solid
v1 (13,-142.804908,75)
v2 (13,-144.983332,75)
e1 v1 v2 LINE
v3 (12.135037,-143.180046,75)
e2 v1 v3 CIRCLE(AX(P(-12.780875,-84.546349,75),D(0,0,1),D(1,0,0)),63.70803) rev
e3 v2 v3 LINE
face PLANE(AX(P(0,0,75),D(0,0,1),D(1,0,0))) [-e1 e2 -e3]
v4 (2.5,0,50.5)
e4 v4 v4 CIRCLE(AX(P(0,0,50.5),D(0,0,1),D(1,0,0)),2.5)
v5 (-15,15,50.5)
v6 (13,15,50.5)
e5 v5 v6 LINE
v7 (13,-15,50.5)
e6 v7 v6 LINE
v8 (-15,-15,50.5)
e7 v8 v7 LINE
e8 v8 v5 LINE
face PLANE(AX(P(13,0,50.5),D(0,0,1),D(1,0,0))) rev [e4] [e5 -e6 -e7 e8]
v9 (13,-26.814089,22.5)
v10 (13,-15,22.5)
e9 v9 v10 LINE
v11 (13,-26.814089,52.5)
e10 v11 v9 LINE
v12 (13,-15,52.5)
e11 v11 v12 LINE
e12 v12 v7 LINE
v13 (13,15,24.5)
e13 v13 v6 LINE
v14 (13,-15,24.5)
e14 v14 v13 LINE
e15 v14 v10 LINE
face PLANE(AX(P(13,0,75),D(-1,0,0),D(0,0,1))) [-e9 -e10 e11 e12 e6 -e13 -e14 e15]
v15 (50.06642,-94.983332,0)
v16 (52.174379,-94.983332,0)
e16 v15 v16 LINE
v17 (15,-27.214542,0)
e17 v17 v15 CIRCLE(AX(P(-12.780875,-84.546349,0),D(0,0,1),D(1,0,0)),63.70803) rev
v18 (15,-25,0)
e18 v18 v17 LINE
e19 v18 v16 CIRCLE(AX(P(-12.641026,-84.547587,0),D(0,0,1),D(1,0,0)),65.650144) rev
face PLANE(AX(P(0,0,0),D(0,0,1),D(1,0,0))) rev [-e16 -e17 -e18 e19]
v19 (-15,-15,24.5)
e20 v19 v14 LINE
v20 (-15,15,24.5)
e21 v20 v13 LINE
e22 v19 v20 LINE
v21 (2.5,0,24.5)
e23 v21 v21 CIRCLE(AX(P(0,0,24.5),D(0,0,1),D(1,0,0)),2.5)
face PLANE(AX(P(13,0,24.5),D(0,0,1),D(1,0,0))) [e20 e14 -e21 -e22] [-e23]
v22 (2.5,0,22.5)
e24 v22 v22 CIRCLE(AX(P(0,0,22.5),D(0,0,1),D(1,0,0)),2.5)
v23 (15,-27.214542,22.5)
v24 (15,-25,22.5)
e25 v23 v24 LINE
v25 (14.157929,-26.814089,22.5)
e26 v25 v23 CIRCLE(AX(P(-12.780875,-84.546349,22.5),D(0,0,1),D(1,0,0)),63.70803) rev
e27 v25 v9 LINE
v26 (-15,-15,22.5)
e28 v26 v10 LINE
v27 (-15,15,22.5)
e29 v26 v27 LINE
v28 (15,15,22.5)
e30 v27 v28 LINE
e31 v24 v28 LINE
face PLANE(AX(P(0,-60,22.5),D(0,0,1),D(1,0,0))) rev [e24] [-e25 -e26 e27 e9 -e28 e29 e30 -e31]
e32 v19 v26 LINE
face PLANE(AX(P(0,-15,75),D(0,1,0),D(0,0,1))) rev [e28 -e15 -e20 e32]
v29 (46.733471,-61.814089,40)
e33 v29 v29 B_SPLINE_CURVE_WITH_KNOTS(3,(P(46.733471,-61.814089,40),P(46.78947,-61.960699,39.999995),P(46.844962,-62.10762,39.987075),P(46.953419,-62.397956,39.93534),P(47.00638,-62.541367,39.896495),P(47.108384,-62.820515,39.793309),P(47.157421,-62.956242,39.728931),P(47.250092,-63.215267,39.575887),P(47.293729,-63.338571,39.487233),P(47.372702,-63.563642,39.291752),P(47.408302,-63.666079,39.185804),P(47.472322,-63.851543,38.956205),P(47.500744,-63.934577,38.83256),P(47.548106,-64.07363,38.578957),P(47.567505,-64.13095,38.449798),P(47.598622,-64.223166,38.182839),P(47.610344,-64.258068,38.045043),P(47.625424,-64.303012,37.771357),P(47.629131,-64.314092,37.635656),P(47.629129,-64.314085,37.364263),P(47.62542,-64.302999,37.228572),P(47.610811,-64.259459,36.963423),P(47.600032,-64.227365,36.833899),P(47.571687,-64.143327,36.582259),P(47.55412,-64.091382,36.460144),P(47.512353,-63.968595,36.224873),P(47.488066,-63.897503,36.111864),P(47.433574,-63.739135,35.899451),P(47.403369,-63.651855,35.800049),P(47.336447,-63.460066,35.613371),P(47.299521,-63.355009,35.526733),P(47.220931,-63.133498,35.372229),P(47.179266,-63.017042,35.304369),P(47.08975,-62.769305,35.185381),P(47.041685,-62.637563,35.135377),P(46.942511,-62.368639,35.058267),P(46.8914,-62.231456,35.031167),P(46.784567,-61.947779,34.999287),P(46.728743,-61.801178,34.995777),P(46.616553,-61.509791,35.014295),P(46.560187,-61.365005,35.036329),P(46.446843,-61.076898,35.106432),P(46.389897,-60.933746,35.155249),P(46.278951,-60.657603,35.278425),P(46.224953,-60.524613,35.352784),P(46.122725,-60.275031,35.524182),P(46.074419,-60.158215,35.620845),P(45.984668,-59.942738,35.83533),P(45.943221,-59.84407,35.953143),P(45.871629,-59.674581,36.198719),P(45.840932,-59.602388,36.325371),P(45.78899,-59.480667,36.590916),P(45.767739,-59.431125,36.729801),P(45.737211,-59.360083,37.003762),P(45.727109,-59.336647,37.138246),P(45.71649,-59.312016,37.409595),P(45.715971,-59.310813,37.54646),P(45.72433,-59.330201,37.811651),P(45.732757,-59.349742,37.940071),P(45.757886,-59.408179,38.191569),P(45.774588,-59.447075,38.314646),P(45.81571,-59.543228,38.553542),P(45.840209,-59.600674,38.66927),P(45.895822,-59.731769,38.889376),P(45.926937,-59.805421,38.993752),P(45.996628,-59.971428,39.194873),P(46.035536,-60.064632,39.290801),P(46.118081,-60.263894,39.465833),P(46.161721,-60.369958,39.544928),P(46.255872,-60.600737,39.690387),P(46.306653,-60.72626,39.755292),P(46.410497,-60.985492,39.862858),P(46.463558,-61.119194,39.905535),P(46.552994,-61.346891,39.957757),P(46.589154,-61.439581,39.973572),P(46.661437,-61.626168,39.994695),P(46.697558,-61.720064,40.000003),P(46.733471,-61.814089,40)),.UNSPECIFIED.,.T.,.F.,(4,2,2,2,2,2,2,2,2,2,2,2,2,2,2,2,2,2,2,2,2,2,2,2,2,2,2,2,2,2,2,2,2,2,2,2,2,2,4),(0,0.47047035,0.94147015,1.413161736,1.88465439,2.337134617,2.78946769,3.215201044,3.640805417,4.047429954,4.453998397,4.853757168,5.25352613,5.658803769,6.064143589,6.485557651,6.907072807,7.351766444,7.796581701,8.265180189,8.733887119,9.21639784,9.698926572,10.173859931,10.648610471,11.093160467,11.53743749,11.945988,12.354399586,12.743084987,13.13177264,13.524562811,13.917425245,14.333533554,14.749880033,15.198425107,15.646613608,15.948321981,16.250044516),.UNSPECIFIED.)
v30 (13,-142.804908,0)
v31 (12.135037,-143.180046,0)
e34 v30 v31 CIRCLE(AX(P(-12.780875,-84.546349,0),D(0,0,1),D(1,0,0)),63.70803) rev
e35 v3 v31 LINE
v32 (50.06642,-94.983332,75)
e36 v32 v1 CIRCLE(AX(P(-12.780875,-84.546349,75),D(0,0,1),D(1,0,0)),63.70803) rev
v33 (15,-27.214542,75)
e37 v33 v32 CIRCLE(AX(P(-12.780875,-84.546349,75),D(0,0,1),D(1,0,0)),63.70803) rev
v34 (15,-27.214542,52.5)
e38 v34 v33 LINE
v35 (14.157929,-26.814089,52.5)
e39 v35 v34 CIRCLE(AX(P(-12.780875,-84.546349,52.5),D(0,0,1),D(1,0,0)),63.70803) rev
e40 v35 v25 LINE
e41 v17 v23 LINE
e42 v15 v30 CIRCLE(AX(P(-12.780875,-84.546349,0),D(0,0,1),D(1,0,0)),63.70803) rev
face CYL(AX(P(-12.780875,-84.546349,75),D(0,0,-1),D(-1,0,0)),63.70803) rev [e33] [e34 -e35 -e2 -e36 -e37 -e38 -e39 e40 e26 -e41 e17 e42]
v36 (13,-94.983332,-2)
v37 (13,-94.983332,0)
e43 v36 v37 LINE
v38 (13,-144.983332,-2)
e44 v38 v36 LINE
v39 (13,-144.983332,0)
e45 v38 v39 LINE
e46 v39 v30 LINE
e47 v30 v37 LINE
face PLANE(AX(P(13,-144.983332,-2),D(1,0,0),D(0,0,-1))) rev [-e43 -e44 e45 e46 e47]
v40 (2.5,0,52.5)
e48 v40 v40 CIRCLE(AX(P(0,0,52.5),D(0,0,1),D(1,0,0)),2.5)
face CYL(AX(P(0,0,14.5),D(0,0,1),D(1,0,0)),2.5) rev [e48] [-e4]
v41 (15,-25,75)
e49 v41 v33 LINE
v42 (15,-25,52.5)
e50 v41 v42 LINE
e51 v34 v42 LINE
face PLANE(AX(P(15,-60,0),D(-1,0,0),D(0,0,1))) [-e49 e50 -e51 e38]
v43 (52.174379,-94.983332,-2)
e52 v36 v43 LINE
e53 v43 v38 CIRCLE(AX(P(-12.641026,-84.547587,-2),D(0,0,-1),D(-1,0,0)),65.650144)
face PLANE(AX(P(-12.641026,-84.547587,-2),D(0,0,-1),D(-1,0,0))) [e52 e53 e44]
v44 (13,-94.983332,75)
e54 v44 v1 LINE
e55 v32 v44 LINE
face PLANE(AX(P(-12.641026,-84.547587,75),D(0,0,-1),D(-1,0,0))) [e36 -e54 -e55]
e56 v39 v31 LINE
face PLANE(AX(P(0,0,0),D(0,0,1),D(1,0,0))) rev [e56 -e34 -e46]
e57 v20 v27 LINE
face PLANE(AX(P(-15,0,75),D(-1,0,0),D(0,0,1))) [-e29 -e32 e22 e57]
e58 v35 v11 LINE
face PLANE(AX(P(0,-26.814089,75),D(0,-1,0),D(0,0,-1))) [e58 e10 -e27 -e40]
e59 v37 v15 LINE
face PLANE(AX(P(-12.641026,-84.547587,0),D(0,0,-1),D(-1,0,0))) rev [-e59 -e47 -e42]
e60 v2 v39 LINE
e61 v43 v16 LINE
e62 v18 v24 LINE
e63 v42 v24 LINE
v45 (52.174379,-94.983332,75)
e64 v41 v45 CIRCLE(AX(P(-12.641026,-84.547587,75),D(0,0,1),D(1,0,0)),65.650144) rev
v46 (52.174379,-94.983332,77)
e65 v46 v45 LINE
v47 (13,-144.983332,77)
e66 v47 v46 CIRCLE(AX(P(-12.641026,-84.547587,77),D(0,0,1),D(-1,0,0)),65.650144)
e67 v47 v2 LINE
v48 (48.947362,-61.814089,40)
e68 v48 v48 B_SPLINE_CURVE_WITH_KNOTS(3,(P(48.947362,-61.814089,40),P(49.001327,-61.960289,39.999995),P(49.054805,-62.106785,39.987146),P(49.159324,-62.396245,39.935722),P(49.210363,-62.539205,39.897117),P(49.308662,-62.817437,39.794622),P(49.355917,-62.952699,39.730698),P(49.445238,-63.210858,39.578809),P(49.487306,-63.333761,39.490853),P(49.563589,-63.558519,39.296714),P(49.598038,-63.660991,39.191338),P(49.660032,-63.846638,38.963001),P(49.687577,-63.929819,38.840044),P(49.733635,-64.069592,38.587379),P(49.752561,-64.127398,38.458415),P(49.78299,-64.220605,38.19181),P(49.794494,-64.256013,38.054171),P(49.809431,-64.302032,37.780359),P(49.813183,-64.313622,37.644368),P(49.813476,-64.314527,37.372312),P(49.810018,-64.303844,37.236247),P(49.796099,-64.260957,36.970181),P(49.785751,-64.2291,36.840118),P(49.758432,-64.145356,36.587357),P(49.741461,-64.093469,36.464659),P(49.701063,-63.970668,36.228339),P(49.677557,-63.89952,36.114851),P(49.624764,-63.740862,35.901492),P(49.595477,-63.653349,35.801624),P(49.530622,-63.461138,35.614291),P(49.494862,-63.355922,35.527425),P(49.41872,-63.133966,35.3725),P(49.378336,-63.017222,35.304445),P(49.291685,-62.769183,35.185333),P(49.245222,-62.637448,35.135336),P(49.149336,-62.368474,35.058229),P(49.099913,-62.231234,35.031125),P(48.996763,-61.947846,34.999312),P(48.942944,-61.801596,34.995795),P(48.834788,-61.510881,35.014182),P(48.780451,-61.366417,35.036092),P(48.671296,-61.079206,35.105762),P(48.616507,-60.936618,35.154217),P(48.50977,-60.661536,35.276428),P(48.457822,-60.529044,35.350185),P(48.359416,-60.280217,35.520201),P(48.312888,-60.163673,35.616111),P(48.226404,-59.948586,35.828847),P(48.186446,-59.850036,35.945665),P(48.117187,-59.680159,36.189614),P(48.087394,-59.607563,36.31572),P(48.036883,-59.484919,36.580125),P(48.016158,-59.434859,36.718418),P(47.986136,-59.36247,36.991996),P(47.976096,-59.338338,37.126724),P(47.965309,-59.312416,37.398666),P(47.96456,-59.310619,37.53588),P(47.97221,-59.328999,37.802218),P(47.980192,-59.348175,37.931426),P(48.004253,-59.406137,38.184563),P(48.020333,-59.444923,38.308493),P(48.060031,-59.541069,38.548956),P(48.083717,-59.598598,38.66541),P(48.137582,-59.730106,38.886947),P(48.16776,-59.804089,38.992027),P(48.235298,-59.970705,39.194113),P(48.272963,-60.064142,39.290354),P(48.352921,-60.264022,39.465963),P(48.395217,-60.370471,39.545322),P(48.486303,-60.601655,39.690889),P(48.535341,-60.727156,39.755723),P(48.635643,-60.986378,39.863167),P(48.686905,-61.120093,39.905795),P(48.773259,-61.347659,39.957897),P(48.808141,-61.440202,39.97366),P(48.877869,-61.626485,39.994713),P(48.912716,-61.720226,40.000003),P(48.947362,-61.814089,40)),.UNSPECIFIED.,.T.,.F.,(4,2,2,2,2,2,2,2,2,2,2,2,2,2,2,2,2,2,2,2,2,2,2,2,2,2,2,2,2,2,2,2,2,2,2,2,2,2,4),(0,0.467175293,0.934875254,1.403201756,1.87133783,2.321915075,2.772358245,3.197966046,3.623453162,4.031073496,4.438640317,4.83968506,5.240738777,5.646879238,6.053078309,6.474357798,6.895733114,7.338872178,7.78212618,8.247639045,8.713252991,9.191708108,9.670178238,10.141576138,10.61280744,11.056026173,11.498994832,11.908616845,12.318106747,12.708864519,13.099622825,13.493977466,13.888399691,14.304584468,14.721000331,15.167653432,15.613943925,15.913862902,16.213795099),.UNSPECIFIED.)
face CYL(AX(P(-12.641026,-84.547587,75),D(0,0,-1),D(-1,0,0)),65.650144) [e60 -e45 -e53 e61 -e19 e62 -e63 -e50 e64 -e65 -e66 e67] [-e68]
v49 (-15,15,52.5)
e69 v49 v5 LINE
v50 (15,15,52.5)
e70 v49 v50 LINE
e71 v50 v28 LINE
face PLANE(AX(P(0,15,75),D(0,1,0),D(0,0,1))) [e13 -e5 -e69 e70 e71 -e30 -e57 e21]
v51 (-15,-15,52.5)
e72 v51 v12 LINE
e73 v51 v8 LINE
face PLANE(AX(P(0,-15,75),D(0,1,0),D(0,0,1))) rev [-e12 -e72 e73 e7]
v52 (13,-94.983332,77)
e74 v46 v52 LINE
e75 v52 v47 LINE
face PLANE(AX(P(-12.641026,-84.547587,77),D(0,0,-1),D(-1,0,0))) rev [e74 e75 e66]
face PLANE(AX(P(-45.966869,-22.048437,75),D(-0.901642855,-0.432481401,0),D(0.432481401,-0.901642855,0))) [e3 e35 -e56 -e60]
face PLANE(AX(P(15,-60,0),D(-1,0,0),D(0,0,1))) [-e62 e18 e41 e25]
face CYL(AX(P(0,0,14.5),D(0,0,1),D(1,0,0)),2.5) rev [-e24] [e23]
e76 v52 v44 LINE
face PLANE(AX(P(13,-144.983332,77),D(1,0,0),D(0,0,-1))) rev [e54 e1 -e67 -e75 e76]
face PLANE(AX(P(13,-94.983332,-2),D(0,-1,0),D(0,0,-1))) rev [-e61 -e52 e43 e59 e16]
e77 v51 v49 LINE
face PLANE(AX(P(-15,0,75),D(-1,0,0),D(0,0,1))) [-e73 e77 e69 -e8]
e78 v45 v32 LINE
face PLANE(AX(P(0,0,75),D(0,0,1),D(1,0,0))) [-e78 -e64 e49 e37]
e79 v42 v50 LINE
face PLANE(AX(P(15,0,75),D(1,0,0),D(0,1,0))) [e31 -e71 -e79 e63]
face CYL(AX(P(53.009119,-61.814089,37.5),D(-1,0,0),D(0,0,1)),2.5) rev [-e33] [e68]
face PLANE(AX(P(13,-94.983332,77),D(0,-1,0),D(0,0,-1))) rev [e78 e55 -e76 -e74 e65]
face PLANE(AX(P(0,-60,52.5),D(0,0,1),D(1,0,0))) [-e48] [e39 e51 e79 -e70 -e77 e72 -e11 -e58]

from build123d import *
from build123d.topology import SkipClean

# Parameters (mm, degrees)
SKETCH1_W           = 30
SKETCH1_H           = 30
SKETCH1_W_2         = 2
SKETCH1_H_2         = 10
BOSS_EXTRUDE1_DEPTH = 75
SKETCH2_W           = 30
SKETCH2_H           = 22.5
CUT_EXTRUDE1_DEPTH  = 75
SKETCH3_W           = 26
SKETCH3_H           = 30.082215134
CUT_EXTRUDE2_DEPTH  = 28
SKETCH5_R           = 2.5
CUT_EXTRUDE3_DEPTH  = 38
BOSS_EXTRUDE2_DEPTH = 2
BOSS_EXTRUDE3_START = 2
BOSS_EXTRUDE3_DEPTH = 2
SKETCH9_R           = 2.5
CUT_EXTRUDE4_DEPTH  = 169.967145294


with BuildPart() as part:
    # Sketch1 → Boss-Extrude1 (new body)
    with BuildSketch(Plane.XY):
        Rectangle(SKETCH1_W, SKETCH1_H)
        with BuildLine():
            Line((50.917737084, -85.641756384), (53, -85.641756384))
            ThreePointArc((53, -85.641756384), (42.989370072, -49.687860894), (15, -25))
            Line((15, -25), (14.157929479, -26.814088542))
            ThreePointArc((14.157929479, -26.814088542), (41.246515654, -50.786104008), (50.917737084, -85.641756384))
        make_face()
        with Locations((14, -20)):
            Rectangle(SKETCH1_W_2, SKETCH1_H_2)
        Polygon((14.157929479, -26.814088542), (15, -25), (13, -25), (13, -26.814088542), align=None)
        with BuildLine():
            Line((12.135037198, -143.180046466), (13, -144.983332176))
            ThreePointArc((13, -144.983332176), (41.796634815, -121.242036174), (53, -85.641756384))
            Line((53, -85.641756384), (50.917737084, -85.641756384))
            ThreePointArc((50.917737084, -85.641756384), (40.047121172, -120.154156399), (12.135037198, -143.180046466))
        make_face()
    extrude(amount=BOSS_EXTRUDE1_DEPTH)

    # Sketch2 → Cut-Extrude1 (cut)
    with BuildSketch(Plane(origin=(0, 15, 0), x_dir=(1, 0, 0), z_dir=(0, 1, 0))):
        with Locations((0, -11.25)):
            Rectangle(SKETCH2_W, SKETCH2_H)
        with Locations((0, -63.75)):
            Rectangle(SKETCH2_W, SKETCH2_H)
    extrude(amount=-CUT_EXTRUDE1_DEPTH, mode=Mode.SUBTRACT)

    # Sketch3 → Cut-Extrude2 (cut)
    with BuildSketch(Plane.ZY.offset(15)):
        with Locations((37.5, 0.030332794)):
            Rectangle(SKETCH3_W, SKETCH3_H)
    extrude(amount=-CUT_EXTRUDE2_DEPTH, mode=Mode.SUBTRACT)

    # Sketch5 → Cut-Extrude3 (cut)
    with BuildSketch(Plane.XY.offset(52.5)):
        Circle(SKETCH5_R)
    extrude(amount=-CUT_EXTRUDE3_DEPTH, mode=Mode.SUBTRACT)

    # Sketch6 → Boss-Extrude2 (add)
    with SkipClean():  # the faces are left unmerged after this step: merging them gives an invalid solid
        with BuildSketch(Plane.XY.offset(75)):
            with BuildLine():
                Line((13, -144.983332176), (13, -94.983332176))
                Line((13, -94.983332176), (52.174379027, -94.983332176))
                ThreePointArc((52.174379027, -94.983332176), (39.036739849, -125.036474764), (13, -144.983332176))
            make_face()
        extrude(amount=BOSS_EXTRUDE2_DEPTH)

    # Sketch7 → Boss-Extrude3 (add)
    with SkipClean():  # the faces are left unmerged after this step: merging them gives an invalid solid
        with BuildSketch(Plane(origin=(0, 0, 0), x_dir=(-1, 0, 0), z_dir=(0, 0, -1)).offset(BOSS_EXTRUDE3_START)):
            with BuildLine():
                Line((-13, -144.983332176), (-13, -94.983332176))
                Line((-13, -94.983332176), (-52.174379027, -94.983332176))
                ThreePointArc((-52.174379027, -94.983332176), (-39.036739849, -125.036474764), (-13, -144.983332176))
            make_face()
        extrude(amount=-BOSS_EXTRUDE3_DEPTH)

    # Sketch9 → Cut-Extrude4 (cut, through all)
    with SkipClean():  # the faces are left unmerged after this step: merging them gives an invalid solid
        with BuildSketch(Plane.ZY.offset(-13)):
            with Locations((37.5, -61.814088542)):
                Circle(SKETCH9_R)
        extrude(amount=-CUT_EXTRUDE4_DEPTH, mode=Mode.SUBTRACT)


solid = part.part
